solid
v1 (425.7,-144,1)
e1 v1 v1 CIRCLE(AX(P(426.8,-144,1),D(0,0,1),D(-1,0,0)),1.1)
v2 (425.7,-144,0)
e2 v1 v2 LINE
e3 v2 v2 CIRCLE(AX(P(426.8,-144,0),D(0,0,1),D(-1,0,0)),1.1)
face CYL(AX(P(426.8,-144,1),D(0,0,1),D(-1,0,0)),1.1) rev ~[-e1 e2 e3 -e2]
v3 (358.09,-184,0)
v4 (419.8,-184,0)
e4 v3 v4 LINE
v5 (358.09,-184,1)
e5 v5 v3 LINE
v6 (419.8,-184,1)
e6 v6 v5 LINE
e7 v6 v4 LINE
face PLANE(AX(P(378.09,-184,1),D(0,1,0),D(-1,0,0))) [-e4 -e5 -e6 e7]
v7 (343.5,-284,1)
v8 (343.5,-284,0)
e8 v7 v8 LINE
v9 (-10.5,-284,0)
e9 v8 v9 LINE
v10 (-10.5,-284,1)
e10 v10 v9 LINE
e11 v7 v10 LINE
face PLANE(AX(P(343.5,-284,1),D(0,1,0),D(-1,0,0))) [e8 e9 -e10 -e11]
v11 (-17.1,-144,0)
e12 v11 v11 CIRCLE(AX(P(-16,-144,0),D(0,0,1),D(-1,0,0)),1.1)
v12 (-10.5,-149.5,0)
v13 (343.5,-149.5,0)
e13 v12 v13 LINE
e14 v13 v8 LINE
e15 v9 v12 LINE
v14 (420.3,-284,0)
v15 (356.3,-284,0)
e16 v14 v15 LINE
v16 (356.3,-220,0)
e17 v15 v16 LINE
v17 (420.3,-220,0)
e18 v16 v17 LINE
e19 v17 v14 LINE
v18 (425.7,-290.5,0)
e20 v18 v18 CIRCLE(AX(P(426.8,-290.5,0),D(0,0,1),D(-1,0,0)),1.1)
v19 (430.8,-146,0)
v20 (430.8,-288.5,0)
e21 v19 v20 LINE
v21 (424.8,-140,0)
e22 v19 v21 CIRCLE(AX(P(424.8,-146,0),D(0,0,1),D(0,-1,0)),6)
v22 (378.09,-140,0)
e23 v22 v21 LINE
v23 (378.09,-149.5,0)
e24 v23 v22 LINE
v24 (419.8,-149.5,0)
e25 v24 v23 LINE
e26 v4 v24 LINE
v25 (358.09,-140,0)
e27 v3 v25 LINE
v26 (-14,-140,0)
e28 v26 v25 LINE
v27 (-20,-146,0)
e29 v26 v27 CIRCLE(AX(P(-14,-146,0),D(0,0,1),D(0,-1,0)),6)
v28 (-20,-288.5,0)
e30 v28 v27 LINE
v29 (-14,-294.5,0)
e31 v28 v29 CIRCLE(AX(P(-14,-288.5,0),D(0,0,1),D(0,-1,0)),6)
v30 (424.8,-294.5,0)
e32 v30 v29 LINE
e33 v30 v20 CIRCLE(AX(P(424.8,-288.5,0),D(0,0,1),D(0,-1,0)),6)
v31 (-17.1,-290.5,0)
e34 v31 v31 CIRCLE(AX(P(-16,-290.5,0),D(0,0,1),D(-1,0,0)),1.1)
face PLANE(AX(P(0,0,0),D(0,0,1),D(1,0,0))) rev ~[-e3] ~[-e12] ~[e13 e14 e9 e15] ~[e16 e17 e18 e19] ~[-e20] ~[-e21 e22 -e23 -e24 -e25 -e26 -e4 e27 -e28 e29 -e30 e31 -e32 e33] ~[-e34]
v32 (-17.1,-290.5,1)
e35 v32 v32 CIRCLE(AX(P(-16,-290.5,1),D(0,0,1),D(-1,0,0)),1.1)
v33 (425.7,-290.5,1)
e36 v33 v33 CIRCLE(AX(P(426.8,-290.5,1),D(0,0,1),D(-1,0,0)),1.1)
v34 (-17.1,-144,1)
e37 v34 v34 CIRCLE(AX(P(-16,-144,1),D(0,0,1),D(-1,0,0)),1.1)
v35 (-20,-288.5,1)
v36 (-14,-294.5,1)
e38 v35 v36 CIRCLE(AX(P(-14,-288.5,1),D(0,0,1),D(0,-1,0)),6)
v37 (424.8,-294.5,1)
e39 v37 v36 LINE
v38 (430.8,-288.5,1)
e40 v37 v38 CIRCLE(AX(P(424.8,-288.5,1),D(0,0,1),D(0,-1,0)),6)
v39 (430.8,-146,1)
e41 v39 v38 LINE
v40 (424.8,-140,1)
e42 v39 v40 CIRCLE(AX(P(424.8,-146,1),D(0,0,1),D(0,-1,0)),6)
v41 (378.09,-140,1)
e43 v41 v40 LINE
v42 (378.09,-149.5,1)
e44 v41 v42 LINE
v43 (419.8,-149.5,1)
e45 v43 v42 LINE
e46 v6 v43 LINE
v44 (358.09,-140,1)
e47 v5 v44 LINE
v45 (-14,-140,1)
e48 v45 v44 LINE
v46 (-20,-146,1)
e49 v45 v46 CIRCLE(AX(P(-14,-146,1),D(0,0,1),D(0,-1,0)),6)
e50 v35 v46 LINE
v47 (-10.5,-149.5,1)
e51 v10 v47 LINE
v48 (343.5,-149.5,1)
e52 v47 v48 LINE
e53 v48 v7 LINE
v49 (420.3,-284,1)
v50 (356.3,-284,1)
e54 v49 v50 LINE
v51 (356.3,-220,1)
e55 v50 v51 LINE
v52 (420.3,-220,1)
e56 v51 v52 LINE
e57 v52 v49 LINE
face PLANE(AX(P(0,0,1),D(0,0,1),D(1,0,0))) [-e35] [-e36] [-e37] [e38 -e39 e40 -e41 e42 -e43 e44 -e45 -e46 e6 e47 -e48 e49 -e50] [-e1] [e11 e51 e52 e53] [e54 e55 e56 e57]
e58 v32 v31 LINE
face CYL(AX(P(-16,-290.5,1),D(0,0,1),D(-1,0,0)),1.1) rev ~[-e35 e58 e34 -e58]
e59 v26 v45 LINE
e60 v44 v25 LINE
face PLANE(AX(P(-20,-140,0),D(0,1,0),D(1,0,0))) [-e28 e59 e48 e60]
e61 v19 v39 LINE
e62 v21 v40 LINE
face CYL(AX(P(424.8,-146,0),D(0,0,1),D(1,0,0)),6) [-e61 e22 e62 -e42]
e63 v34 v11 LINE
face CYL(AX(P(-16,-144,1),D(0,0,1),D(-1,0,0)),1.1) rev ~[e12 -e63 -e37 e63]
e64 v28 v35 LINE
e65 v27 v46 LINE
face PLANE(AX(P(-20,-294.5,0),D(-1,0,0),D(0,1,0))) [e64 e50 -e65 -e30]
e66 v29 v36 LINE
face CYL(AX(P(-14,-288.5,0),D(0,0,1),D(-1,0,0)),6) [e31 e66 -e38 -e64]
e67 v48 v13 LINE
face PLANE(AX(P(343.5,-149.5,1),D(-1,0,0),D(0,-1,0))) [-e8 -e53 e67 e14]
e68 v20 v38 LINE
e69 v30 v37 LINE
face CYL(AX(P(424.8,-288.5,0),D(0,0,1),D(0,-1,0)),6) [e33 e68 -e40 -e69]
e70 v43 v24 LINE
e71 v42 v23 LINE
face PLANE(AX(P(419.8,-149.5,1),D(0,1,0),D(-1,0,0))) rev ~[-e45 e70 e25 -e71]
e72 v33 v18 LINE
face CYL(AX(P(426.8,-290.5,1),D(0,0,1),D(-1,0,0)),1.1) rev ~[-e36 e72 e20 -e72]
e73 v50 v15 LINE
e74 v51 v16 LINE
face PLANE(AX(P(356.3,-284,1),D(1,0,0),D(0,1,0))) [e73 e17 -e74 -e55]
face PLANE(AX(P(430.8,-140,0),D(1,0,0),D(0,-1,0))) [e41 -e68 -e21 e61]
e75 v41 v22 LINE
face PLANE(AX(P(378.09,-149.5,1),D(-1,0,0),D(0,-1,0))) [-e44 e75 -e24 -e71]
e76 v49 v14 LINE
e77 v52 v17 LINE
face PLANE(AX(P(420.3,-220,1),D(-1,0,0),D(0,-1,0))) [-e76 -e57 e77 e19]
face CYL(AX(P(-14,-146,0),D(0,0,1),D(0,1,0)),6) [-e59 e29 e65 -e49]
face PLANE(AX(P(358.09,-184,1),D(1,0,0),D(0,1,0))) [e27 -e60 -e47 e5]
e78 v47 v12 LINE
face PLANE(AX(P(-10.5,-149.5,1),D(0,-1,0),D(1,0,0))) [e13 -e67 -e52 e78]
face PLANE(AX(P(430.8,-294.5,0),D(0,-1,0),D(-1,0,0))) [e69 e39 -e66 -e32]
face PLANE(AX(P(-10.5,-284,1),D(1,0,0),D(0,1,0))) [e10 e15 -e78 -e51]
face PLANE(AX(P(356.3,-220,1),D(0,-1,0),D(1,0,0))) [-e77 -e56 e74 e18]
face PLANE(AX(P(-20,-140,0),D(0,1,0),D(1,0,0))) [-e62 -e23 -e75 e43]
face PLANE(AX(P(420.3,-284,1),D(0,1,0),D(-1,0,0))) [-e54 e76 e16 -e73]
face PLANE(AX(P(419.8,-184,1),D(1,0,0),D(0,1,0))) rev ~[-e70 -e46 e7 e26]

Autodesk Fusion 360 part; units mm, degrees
sketch "Sketch6" plane through (0, 0, 0) normal (0, 0, 1) x (1, 0, 0)
  line L0 (-20, -140) -> (430.8, -140)
  line L1 (430.8, -140) -> (430.8, -294.5)
  line L2 (430.8, -294.5) -> (-20, -294.5)
  line L3 (-20, -294.5) -> (-20, -140)
  dimension "d40" = 450.8
  dimension "d41" = 154.5
extrude "Extrude8" add sketch "Sketch6" along normal blind 1
sketch "Sketch7" plane through (0, 0, 1) normal (0, 0, 1) x (-1, 0, 0)
  line L0 (20, 294.5) -> (-430.8, 294.5)
  line L1 (-430.8, 294.5) -> (-430.8, 140)
  line L2 (-430.8, 140) -> (20, 140)
  line L3 (20, 140) -> (20, 294.5)
  line L4 (-358.09, 140) -> (-378.09, 140)
  line L5 (-378.09, 140) -> (-378.09, 184)
  line L6 (-378.09, 184) -> (-358.09, 184)
  line L7 (-358.09, 184) -> (-358.09, 140)
  line L8 (-378.09, 184) -> (-419.8, 184)
  line L9 (-419.8, 184) -> (-419.8, 149.5)
  line L10 (-419.8, 149.5) -> (-378.09, 149.5)
  line L11 (-378.09, 149.5) -> (-378.09, 184)
  line L12 (10.5, 149.5) -> (-343.5, 149.5)
  line L13 (-343.5, 149.5) -> (-343.5, 284)
  line L14 (-343.5, 284) -> (10.5, 284)
  line L15 (10.5, 284) -> (10.5, 149.5)
  line L16 (-356.3, 220) -> (-420.3, 220)
  line L17 (-420.3, 220) -> (-420.3, 284)
  line L18 (-420.3, 284) -> (-356.3, 284)
  line L19 (-356.3, 284) -> (-356.3, 220)
  circle A0 centre (-426.8, 144) radius 1.1
  circle A1 centre (-426.8, 290.5) radius 1.1
  circle A2 centre (16, 290.5) radius 1.1
  circle A3 centre (16, 144) radius 1.1
  dimension "d46" = 20
  dimension "d47" = 44
  dimension "d48" = 52.71
  dimension "d51" = 41.71
  dimension "d52" = 34.5
  dimension "d55" = 354
  dimension "d56" = 134.5
  dimension "d57" = 9.5
  dimension "d58" = 9.5
  dimension "d59" = 64
  dimension "d60" = 64
  dimension "d61" = 10.5
  dimension "d62" = 10.5
  dimension "d67" = 2.2
  dimension "d68" = 2.2
  dimension "d69" = 2.2
  dimension "d70" = 2.2
  dimension "d71" = 4
  dimension "d72" = 4
  dimension "d73" = 4
  dimension "d74" = 4
  dimension "d75" = 4
  dimension "d76" = 4
  dimension "d77" = 4
  dimension "d78" = 4
extrude "Extrude9" cut sketch "Sketch7" against normal blind 1 contours L2 L4 L5 L6 L7 L11
extrude "Extrude10" cut sketch "Sketch7" against normal blind 1 contours L5 L8 L9 L10 L11
extrude "Extrude11" cut sketch "Sketch7" against normal blind 1 contours L12 L13 L14 L15 | L16 L17 L18 L19
fillet "Fillet6" radius 6 4 edges at (-20, -294.5, 0.5) (-20, -140, 0.5) (430.8, -140, 0.5) (430.8, -294.5, 0.5)
extrude "Extrude12" cut sketch "Sketch7" against normal blind 1 contours A0 | A1 | A2 | A3
equation "d51 = 52.210 mm - 10.50 mm"
equation "d52 = 44 mm - 9.5 mm"
